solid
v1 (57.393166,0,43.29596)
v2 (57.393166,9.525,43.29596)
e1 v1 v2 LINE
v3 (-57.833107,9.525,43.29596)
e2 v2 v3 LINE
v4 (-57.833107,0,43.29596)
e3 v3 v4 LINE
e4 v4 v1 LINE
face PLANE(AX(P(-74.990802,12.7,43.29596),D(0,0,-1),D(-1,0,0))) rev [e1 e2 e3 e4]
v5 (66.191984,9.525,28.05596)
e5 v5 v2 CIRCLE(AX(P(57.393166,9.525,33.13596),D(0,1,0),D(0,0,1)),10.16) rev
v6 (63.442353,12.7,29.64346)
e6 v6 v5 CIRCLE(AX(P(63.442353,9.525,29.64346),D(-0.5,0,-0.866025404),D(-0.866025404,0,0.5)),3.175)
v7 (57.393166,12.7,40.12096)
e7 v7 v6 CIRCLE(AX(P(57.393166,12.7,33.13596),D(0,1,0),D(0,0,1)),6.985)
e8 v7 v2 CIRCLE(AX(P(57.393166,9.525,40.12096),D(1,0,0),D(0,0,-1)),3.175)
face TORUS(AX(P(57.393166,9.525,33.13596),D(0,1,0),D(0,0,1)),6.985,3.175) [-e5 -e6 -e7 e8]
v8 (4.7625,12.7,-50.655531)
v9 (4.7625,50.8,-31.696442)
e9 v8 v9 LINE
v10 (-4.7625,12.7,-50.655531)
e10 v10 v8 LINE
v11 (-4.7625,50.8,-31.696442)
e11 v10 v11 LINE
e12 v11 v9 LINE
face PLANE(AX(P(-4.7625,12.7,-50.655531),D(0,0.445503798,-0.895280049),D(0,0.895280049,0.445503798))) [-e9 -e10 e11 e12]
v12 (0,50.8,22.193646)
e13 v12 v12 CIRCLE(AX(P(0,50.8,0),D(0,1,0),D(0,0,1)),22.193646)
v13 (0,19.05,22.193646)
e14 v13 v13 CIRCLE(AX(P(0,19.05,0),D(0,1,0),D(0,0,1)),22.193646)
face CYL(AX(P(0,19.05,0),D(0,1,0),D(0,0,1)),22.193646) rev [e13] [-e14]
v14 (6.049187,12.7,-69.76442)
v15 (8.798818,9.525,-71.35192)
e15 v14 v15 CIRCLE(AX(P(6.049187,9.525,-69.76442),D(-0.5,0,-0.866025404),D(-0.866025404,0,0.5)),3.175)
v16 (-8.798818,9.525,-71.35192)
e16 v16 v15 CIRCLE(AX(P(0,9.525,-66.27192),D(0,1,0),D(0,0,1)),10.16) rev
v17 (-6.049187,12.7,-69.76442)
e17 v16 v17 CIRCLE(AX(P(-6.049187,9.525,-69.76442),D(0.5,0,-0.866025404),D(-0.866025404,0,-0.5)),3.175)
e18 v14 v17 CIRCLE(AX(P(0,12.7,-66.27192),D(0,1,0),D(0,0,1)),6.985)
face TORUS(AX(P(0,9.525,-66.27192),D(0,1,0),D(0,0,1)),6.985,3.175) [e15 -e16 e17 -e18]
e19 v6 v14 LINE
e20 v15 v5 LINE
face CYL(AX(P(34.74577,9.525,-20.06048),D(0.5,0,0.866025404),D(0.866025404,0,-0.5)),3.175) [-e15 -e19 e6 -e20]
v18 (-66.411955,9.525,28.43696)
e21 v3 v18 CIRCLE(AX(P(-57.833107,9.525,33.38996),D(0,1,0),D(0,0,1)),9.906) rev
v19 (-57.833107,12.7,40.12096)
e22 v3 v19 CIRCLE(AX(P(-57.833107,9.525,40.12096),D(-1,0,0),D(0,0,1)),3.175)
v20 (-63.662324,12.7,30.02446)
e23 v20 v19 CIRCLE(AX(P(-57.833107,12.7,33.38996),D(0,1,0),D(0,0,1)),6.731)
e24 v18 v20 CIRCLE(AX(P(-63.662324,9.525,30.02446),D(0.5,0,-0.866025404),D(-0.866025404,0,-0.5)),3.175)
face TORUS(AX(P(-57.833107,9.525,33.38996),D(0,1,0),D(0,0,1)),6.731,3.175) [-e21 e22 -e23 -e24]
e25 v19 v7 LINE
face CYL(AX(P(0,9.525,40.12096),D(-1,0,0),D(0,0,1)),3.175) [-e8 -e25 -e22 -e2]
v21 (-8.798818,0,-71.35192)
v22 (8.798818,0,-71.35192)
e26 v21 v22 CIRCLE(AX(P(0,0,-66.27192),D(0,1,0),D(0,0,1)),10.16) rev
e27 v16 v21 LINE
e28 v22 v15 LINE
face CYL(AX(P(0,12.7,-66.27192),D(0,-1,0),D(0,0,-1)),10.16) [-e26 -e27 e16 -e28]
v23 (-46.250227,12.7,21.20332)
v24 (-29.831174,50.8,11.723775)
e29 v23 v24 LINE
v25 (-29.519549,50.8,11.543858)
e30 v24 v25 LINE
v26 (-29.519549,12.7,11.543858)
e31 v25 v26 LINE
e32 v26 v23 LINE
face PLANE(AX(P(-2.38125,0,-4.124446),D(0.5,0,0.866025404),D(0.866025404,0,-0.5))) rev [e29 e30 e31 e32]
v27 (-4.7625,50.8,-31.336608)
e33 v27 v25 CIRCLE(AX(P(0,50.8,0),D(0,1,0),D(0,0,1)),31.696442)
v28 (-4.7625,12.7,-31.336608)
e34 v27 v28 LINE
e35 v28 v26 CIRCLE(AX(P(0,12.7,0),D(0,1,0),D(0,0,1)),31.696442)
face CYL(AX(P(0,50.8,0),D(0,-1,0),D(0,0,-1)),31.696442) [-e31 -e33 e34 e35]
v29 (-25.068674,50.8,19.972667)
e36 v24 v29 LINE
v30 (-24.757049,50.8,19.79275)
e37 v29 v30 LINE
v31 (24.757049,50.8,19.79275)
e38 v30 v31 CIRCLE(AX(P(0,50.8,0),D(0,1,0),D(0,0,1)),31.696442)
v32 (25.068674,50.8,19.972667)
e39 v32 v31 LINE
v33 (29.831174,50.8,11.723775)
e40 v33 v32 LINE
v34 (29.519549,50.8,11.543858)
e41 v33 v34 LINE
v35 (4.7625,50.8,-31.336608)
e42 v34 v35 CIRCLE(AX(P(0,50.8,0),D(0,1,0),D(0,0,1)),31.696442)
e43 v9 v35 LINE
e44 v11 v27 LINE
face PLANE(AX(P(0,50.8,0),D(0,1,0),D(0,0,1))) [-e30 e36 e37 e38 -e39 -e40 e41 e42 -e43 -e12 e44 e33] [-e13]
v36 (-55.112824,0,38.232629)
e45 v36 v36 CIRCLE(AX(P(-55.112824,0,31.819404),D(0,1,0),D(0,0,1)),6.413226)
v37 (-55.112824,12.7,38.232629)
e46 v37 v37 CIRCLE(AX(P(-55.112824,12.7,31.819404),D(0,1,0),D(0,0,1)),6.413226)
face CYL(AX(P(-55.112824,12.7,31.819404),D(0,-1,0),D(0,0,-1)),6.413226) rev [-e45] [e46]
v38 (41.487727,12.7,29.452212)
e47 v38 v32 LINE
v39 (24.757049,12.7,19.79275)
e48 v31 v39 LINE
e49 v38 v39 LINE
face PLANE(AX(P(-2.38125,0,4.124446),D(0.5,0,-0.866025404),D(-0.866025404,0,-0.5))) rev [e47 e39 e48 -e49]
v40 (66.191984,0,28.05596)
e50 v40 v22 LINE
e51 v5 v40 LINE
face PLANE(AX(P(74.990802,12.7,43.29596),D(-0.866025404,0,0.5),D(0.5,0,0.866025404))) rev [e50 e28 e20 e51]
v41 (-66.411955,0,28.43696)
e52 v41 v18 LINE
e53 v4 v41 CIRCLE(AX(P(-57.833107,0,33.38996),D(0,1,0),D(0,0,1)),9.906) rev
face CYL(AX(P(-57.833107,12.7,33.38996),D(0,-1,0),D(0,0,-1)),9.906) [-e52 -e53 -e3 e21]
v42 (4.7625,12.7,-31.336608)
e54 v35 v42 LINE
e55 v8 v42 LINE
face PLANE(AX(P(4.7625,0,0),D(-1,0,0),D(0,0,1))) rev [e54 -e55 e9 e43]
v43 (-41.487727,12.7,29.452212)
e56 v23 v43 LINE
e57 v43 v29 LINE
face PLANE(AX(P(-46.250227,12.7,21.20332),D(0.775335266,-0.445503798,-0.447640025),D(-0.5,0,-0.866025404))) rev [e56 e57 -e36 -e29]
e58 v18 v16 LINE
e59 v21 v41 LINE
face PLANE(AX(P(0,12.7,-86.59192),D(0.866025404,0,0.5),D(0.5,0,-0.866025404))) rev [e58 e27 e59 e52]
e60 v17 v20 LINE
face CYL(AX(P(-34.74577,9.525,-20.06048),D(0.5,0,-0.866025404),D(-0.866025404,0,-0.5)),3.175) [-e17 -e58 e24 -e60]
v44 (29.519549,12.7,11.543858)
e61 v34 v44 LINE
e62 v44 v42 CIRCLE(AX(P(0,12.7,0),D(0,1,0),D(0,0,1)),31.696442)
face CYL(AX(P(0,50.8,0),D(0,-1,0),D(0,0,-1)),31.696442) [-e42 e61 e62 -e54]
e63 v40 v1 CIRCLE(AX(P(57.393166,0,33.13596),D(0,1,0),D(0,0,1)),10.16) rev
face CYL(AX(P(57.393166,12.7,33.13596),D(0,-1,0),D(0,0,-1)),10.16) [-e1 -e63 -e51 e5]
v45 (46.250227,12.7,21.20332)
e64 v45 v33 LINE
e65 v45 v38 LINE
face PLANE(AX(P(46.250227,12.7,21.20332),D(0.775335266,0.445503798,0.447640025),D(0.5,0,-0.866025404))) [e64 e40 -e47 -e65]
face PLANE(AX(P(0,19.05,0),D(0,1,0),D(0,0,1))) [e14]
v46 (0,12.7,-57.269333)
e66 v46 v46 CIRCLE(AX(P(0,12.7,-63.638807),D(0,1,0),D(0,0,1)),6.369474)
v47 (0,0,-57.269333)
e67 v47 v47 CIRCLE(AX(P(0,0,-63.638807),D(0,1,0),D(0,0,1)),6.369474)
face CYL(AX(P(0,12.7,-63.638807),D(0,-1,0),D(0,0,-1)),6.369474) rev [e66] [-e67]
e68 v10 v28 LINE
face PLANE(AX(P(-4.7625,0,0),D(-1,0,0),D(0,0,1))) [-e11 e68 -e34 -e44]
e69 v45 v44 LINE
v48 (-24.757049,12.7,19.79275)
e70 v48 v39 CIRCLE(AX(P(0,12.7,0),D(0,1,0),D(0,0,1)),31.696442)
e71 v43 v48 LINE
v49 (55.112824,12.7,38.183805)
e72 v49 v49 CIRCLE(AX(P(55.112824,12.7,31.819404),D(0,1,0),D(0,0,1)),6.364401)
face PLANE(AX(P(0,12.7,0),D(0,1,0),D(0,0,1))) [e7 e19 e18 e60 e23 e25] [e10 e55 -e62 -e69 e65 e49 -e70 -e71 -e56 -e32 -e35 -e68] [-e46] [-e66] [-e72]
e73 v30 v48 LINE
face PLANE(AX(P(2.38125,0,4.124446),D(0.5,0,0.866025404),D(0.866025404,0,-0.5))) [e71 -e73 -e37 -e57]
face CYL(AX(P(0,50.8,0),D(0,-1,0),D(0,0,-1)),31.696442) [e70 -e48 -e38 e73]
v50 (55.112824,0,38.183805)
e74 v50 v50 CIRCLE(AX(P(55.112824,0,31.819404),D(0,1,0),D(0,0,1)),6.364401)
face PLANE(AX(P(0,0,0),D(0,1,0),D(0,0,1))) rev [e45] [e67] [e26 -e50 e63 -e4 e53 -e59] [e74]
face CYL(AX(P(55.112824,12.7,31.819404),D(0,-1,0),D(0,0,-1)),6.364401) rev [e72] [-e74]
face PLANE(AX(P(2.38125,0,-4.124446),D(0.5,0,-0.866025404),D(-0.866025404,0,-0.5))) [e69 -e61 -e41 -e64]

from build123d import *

# Parameters (mm, degrees)
SKETCH1_R           = 6.369474113
SKETCH1_R_2         = 6.364401416
SKETCH1_R_3         = 6.413225573
BOSS_EXTRUDE2_DEPTH = 12.7
FILLET5_R           = 9.906
FILLET6_R           = 10.16
FILLET7_R           = 10.16
FILLET8_R           = 3.175
SKETCH2_R           = 31.696441514
BOSS_EXTRUDE3_DEPTH = 38.1
SKETCH3_R           = 22.193645705
CUT_EXTRUDE1_DEPTH  = 31.75
BOSS_EXTRUDE4_DEPTH = 4.7625
BOSS_EXTRUDE6_DEPTH = 9.525
CIRPATTERN1_COUNT   = 3


with BuildPart() as part:
    # Sketch1 → Boss-Extrude2 (new body)
    with BuildSketch(Plane(origin=(0, 0, 0), x_dir=(1, 0, 0), z_dir=(0, 1, 0))):
        Polygon((0, 86.591919686), (-74.990802211, -43.295959843), (74.990802211, -43.295959843), align=None)
        with Locations((0, 63.638807052)):
            Circle(SKETCH1_R, mode=Mode.SUBTRACT)
        with Locations((55.112823574, -31.819403526)):
            Circle(SKETCH1_R_2, mode=Mode.SUBTRACT)
        with Locations((-55.112823574, -31.819403526)):
            Circle(SKETCH1_R_3, mode=Mode.SUBTRACT)
    extrude(amount=BOSS_EXTRUDE2_DEPTH)

    # Fillet5
    fillet5_edges = [part.edges().sort_by_distance(p)[0] for p in [
        (-74.990802211, 6.35, 43.295959843),
    ]]
    fillet(fillet5_edges, radius=FILLET5_R)

    # Fillet6
    fillet6_edges = [part.edges().sort_by_distance(p)[0] for p in [
        (74.990802211, 6.35, 43.295959843),
    ]]
    fillet(fillet6_edges, radius=FILLET6_R)

    # Fillet7
    fillet7_edges = [part.edges().sort_by_distance(p)[0] for p in [
        (0, 6.35, -86.591919686),
    ]]
    fillet(fillet7_edges, radius=FILLET7_R)

    # Fillet8
    fillet8_edges = [part.edges().sort_by_distance(p)[0] for p in [
        (-0.219970453, 12.7, 43.295959843),
        (-66.411954561, 12.7, 38.342959843),
        (37.495401105, 12.7, -21.647979922),
        (66.191984109, 12.7, 38.215959843),
        (-37.605386332, 12.7, -21.457479922),
        (0, 12.7, -76.431919686),
    ]]
    fillet(fillet8_edges, radius=FILLET8_R)

    # Sketch2 → Boss-Extrude3 (add)
    with BuildSketch(Plane(origin=(0, 12.7, 0), x_dir=(1, 0, 0), z_dir=(0, 1, 0))):
        Circle(SKETCH2_R)
    extrude(amount=BOSS_EXTRUDE3_DEPTH)

    # Sketch3 → Cut-Extrude1 (cut)
    with BuildSketch(Plane(origin=(0, 50.8, 0), x_dir=(1, 0, 0), z_dir=(0, 1, 0))):
        Circle(SKETCH3_R)
    extrude(amount=-CUT_EXTRUDE1_DEPTH, mode=Mode.SUBTRACT)

    # Sketch6 → Boss-Extrude4 (add)
    with BuildSketch(Plane(origin=(0, 0, 0), x_dir=(-0.866025404, 0, 0.5), z_dir=(-0.5, 0, -0.866025404))):
        Polygon((31.696441514, 12.7), (50.655531139, 12.7), (31.696441514, 50.8), (28.066895326, 50.8), (28.066895326, 12.7), align=None)
    extrude(amount=BOSS_EXTRUDE4_DEPTH)

    # Sketch8 → Boss-Extrude6 (add)
    with BuildSketch(Plane(origin=(-2.38125, 0, -4.124445986), x_dir=(-0.866025404, 0, 0.5), z_dir=(-0.5, 0, -0.866025404))):
        Polygon((31.005254456, 12.578941577), (50.655531139, 12.7), (31.696441514, 50.8), (27.148658098, 50.8), (27.148658098, 12.578941577), align=None)
    boss_extrude6 = extrude(amount=-BOSS_EXTRUDE6_DEPTH)

    # CirPattern1: Boss-Extrude6 ×3 about axis
    cirpattern1_axis = Axis((0, 0, 0), (0, 1, 0))
    for i in range(1, CIRPATTERN1_COUNT):
        add(boss_extrude6.rotate(cirpattern1_axis, i * 360 / CIRPATTERN1_COUNT))


solid = part.part
